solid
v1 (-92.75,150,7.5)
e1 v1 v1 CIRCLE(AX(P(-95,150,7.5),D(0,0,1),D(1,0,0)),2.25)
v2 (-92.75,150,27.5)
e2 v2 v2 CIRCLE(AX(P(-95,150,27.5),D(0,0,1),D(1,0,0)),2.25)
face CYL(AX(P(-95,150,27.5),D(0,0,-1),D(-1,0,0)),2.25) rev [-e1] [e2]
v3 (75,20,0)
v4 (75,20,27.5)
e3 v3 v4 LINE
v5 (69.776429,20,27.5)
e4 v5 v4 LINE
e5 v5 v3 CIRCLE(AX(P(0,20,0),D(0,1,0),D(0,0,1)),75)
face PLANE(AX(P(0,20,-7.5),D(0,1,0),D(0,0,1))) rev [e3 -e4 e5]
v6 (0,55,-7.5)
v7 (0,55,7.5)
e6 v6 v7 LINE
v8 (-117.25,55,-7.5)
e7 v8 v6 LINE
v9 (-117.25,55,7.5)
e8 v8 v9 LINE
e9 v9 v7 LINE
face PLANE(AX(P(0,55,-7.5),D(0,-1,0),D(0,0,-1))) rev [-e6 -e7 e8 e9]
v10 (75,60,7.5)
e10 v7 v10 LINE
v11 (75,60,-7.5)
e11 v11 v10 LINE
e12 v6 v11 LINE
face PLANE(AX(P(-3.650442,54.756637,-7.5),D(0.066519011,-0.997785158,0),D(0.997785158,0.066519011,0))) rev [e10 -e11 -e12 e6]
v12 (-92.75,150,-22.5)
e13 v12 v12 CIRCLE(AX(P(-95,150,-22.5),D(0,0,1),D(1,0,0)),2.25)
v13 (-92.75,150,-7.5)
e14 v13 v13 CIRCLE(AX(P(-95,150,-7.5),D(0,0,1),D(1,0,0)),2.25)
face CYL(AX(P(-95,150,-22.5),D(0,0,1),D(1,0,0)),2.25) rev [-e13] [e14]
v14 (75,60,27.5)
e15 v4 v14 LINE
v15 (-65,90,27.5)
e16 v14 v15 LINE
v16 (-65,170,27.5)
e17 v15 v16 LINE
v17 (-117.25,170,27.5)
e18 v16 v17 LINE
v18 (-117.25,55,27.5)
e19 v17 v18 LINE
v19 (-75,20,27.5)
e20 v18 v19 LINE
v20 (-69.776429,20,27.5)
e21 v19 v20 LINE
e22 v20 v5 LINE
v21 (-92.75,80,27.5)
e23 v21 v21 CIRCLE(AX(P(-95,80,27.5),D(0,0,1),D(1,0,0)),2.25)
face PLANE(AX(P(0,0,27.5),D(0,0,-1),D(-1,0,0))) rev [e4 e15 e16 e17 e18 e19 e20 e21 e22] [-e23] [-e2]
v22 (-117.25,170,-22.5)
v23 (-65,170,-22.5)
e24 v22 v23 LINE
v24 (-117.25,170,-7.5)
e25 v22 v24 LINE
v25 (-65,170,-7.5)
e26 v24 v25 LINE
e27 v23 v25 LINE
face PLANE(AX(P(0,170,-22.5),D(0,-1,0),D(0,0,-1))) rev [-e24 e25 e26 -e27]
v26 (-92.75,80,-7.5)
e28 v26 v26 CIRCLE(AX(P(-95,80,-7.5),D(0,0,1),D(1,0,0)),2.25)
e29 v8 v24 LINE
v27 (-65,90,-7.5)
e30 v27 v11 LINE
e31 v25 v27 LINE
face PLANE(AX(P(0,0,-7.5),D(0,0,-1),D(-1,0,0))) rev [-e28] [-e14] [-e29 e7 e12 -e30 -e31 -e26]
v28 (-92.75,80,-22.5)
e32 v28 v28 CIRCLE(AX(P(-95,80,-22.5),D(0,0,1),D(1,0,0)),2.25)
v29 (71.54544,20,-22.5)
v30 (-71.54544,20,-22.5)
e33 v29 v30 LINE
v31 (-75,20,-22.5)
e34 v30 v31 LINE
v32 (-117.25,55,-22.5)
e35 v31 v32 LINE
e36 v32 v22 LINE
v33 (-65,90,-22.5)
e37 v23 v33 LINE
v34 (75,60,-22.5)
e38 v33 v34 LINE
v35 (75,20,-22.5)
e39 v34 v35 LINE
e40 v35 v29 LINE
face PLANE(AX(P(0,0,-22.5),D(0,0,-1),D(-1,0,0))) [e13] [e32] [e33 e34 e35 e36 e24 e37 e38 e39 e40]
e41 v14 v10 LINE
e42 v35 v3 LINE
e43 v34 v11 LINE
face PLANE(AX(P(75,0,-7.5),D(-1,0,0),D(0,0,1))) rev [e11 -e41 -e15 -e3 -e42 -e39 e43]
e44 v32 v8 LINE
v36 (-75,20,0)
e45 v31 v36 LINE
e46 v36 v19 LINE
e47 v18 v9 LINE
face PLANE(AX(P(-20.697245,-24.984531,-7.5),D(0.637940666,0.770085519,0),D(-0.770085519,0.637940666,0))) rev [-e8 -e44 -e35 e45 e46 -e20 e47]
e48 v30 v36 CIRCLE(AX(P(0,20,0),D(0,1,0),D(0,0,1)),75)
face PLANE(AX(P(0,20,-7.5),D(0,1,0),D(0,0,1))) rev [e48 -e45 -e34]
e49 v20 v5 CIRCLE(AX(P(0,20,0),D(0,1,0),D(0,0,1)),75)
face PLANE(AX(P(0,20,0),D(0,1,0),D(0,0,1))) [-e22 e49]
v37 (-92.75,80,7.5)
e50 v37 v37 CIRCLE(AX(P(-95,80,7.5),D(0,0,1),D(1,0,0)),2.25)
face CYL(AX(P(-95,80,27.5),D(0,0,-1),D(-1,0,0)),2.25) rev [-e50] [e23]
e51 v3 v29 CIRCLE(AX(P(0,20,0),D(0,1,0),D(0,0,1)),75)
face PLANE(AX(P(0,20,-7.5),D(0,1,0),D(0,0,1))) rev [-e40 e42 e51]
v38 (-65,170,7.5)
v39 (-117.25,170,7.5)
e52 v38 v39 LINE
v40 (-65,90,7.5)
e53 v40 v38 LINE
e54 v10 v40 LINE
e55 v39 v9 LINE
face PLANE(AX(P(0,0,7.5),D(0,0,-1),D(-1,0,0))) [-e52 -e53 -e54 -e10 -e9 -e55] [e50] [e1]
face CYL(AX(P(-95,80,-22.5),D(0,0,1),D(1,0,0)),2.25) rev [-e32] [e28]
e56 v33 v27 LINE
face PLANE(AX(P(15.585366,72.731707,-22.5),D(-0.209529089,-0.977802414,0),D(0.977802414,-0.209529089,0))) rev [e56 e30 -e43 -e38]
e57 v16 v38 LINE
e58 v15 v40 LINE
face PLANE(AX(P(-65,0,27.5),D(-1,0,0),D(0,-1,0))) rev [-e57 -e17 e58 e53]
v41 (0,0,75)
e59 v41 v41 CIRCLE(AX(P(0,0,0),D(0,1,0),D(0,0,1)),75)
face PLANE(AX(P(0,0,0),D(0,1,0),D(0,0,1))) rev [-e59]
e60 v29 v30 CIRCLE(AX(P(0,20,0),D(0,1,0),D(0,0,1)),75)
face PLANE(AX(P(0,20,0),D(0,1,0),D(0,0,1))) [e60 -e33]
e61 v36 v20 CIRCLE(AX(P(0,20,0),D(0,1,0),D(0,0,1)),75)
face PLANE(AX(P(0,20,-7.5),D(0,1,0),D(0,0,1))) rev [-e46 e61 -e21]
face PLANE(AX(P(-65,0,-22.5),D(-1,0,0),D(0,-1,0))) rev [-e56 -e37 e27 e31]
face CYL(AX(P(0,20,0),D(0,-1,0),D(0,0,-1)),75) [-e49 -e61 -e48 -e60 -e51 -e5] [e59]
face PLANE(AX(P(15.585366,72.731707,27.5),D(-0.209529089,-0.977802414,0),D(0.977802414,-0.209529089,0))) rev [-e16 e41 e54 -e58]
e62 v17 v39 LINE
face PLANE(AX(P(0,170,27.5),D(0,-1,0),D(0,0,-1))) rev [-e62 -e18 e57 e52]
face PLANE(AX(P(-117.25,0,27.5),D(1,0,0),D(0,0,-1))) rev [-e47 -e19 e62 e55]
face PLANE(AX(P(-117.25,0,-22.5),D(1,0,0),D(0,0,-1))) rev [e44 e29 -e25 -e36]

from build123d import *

# Parameters (mm, degrees)
SKETCH1_R           = 75
BOSS_EXTRUDE1_DEPTH = 20
BOSS_EXTRUDE2_DEPTH = 7.5
BOSS_EXTRUDE3_START = 7.5
SKETCH2_4_R         = 2.25
BOSS_EXTRUDE3_DEPTH = 20
BOSS_EXTRUDE4_START = -22.5
SKETCH2_5_R         = 2.25
BOSS_EXTRUDE4_DEPTH = 15


with BuildPart() as part:
    # Sketch1 → Boss-Extrude1 (new body)
    with BuildSketch(Plane(origin=(0, 0, 0), x_dir=(1, 0, 0), z_dir=(0, 1, 0))):
        with Locations(Location((0, 0, 0), (0, 0, 270))):
            Circle(SKETCH1_R)
    extrude(amount=BOSS_EXTRUDE1_DEPTH)

    # Sketch2 → Boss-Extrude2 (add, symmetric)
    with BuildSketch(Plane.XY):
        Polygon((75, 20), (-75, 20), (-117.25, 55), (0, 55), (75, 60), align=None)
    extrude(amount=BOSS_EXTRUDE2_DEPTH, both=True)

    # Sketch2<4> → Boss-Extrude3 (add)
    # profile 1 of 2: a face of its own
    with BuildSketch(Plane.XY.offset(BOSS_EXTRUDE3_START)):
        Polygon((-75, 20), (75, 20), (75, 60), (0, 55), (-117.25, 55), align=None)
    # profile 2 of 2: a face of its own
    with BuildSketch(Plane.XY.offset(BOSS_EXTRUDE3_START)):
        Polygon((0, 55), (75, 60), (-65, 90), (-65, 170), (-117.25, 170), (-117.25, 55), align=None)
        with Locations((-95, 80)):
            Circle(SKETCH2_4_R, mode=Mode.SUBTRACT)
        with Locations((-95, 150)):
            Circle(SKETCH2_4_R, mode=Mode.SUBTRACT)
    extrude(amount=BOSS_EXTRUDE3_DEPTH)

    # Sketch2<5> → Boss-Extrude4 (add)
    with BuildSketch(Plane.XY.offset(BOSS_EXTRUDE4_START)):
        Polygon((75, 20), (-75, 20), (-117.25, 55), (-117.25, 170), (-65, 170), (-65, 90), (75, 60), align=None)
        with Locations((-95, 150)):
            Circle(SKETCH2_5_R, mode=Mode.SUBTRACT)
        with Locations((-95, 80)):
            Circle(SKETCH2_5_R, mode=Mode.SUBTRACT)
    extrude(amount=BOSS_EXTRUDE4_DEPTH)


solid = part.part
